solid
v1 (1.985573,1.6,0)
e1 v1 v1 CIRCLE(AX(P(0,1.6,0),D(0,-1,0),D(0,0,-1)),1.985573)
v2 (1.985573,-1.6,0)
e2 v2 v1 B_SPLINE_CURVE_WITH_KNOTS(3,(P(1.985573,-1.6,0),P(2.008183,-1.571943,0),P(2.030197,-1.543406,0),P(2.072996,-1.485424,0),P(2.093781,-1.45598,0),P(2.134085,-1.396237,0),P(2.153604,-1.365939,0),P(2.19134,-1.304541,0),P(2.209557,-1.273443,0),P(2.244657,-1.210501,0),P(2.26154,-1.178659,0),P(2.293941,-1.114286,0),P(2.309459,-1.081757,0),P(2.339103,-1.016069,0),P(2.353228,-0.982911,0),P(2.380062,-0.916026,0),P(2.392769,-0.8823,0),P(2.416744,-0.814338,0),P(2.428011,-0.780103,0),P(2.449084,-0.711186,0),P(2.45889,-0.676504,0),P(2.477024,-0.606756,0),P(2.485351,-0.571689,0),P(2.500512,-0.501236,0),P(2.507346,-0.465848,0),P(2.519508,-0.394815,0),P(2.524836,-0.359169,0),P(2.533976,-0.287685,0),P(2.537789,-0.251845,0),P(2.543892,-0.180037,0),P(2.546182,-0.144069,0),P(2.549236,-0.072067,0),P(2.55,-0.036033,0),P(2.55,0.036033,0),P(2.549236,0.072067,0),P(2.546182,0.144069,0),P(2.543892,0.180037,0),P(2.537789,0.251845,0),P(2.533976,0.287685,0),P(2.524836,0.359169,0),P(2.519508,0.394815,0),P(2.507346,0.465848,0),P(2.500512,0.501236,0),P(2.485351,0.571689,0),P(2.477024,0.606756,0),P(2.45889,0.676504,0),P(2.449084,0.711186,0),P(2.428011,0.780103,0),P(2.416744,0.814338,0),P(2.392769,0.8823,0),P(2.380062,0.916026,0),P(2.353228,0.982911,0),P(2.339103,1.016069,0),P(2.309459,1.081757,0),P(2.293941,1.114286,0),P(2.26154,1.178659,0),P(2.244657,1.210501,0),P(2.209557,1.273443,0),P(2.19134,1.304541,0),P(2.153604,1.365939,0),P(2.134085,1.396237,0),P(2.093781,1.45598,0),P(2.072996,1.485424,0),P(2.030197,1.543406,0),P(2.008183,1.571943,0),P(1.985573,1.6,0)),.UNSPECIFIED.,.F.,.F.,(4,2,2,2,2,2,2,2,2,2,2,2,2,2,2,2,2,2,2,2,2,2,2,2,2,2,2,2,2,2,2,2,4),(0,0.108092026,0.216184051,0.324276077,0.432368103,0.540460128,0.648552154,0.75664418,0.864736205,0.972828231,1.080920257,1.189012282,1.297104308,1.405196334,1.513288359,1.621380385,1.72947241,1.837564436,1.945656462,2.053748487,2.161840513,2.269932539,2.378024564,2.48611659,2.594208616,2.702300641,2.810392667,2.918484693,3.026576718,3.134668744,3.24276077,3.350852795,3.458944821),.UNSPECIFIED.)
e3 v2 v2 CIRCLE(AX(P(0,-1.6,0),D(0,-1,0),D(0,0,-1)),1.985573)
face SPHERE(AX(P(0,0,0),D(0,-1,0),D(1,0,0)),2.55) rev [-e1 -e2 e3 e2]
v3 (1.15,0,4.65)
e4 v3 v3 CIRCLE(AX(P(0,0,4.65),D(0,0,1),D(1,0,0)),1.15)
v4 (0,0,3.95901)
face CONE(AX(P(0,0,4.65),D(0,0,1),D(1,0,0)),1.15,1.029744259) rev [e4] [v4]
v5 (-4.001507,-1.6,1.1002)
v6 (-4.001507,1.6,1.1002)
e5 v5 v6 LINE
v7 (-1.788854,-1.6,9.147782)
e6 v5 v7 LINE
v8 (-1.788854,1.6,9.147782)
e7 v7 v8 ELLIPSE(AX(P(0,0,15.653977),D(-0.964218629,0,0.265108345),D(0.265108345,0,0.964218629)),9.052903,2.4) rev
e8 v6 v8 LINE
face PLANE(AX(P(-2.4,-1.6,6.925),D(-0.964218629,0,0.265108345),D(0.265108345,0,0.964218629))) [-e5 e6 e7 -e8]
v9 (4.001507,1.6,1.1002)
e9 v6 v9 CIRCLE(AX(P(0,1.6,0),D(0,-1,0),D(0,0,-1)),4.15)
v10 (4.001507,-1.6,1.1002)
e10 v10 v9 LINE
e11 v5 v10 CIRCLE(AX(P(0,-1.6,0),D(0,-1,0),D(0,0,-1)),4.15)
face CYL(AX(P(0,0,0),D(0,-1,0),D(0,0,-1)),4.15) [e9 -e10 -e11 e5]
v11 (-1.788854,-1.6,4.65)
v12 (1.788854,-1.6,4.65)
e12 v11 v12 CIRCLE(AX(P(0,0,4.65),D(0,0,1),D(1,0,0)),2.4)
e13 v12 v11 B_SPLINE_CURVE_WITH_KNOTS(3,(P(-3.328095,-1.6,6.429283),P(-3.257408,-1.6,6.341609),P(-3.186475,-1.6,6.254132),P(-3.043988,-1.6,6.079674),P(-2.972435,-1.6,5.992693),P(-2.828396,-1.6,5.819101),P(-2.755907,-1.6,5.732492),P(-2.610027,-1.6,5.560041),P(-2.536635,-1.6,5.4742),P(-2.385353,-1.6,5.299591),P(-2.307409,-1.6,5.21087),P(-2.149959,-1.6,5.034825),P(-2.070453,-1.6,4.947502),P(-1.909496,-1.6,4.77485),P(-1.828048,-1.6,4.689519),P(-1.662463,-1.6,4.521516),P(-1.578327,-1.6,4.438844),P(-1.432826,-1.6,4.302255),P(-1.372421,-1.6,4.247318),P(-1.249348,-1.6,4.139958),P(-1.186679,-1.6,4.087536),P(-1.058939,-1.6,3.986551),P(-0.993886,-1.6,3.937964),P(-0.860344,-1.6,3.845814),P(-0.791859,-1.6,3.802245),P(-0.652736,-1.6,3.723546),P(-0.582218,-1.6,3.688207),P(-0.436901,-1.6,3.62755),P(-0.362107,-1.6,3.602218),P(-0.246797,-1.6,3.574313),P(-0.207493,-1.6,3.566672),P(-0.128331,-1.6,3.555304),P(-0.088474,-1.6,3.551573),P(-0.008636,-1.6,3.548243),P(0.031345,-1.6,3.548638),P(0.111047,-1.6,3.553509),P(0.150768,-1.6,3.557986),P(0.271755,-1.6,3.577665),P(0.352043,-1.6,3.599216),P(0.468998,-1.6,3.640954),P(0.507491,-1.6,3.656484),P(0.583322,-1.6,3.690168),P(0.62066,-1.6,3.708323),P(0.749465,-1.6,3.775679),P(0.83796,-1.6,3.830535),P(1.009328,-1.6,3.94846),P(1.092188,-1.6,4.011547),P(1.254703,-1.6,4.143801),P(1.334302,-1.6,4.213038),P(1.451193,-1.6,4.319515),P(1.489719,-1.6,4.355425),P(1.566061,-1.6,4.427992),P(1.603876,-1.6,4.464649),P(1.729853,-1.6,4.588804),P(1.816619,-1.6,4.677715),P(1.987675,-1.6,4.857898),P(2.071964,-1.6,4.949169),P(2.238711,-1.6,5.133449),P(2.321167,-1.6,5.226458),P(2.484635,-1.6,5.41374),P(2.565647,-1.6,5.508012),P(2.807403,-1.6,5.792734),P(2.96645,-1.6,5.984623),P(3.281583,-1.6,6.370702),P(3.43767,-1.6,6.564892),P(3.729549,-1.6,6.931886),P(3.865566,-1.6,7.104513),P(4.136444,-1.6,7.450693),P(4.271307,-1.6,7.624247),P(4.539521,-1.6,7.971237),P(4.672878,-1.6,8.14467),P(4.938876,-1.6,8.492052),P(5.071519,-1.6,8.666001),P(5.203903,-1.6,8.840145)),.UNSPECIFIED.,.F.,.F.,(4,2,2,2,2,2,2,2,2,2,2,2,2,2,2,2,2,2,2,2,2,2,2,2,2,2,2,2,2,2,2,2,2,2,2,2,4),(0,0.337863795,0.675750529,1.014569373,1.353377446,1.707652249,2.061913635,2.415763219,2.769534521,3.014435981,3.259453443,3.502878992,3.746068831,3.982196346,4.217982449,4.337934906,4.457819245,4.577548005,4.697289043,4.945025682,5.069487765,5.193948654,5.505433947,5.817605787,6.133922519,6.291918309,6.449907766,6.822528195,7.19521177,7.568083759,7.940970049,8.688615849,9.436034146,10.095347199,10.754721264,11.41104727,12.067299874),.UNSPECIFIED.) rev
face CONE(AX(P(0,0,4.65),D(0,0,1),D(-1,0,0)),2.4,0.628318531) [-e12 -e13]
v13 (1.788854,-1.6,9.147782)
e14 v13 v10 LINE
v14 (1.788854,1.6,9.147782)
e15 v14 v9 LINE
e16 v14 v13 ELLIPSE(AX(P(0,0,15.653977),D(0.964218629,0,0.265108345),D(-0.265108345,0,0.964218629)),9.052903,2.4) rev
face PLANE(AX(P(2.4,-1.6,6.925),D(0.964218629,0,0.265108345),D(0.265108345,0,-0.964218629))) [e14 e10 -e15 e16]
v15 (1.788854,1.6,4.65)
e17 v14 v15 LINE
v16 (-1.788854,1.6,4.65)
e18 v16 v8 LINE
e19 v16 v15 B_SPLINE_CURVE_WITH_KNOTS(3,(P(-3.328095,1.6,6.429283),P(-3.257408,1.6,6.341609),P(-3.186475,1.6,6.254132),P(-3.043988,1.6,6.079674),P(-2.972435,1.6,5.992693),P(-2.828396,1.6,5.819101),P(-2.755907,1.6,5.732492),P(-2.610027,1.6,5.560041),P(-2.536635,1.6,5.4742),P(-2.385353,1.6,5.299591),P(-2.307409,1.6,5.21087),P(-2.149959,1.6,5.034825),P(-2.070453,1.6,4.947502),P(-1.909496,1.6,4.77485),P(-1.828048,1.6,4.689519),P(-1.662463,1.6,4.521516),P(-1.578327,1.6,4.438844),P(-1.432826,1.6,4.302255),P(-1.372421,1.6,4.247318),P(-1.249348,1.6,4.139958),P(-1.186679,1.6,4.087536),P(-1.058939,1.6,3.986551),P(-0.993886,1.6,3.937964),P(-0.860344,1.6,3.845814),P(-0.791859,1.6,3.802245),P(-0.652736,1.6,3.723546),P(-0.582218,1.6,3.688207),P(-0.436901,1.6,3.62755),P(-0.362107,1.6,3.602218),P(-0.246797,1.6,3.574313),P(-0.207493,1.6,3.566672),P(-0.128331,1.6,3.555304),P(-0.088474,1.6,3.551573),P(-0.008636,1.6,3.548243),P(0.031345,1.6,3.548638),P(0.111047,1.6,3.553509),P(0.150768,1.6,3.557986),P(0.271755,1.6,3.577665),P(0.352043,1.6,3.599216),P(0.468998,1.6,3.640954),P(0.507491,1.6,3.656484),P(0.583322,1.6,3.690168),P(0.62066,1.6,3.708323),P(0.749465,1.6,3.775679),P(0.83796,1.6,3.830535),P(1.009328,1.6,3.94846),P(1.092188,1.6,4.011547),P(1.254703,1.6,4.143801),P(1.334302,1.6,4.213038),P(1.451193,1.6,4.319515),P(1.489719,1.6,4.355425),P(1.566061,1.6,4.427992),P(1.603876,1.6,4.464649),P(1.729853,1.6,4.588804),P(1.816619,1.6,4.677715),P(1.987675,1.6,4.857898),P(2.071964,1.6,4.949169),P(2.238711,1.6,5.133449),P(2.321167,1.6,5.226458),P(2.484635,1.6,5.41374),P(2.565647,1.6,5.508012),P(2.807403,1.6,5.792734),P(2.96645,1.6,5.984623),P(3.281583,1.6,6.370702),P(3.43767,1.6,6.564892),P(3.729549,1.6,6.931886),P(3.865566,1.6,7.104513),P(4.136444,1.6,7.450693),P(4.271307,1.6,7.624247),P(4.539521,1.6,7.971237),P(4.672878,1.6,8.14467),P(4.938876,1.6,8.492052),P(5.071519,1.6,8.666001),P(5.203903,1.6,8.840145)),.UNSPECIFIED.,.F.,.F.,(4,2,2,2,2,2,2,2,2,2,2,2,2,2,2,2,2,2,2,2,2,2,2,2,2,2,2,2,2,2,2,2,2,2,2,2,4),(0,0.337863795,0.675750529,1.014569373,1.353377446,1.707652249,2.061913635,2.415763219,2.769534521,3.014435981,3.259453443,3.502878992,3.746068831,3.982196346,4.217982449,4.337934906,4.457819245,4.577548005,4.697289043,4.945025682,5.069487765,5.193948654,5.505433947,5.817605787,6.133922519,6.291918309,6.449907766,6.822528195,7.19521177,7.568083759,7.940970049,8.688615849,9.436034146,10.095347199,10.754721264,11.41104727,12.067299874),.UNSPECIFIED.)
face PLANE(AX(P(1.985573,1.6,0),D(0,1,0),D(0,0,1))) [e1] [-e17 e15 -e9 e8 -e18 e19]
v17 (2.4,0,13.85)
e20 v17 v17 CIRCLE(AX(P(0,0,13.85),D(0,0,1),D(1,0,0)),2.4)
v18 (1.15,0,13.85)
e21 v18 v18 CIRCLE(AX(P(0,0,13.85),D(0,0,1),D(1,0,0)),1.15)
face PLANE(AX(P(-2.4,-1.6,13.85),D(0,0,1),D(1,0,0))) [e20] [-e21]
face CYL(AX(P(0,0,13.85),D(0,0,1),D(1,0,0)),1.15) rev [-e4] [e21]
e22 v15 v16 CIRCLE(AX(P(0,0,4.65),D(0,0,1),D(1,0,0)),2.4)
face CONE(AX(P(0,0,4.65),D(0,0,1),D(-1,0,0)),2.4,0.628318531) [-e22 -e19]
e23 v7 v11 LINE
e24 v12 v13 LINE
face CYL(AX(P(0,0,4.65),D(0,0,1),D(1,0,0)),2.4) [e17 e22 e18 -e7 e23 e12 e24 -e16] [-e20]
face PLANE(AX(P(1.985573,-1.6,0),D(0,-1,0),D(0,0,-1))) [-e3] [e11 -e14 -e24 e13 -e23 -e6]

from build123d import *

# Parameters (mm, degrees)
BOSS_EXTRUDE1_START                = -3.2
BOSS_EXTRUDE1_DEPTH                = 3.2
SKETCH3_R                          = 2.4
BOSS_EXTRUDE2_DEPTH                = 9.2
SKETCH4_R                          = 2.4
BOSS_EXTRUDE3_DEPTH                = 1.2
BOSS_EXTRUDE3_TAPER                = 36
CUT_EXTRUDE1_DEPTH                 = 6.925
BOSS_EXTRUDE4_DEPTH                = 3.2
TAP_DRILL_FOR_M2_2_HELICOIL1_D     = 2.3
TAP_DRILL_FOR_M2_2_HELICOIL1_DEPTH = 9.2
TAP_DRILL_FOR_M2_2_HELICOIL1_TIP   = 0.690989712


with BuildPart() as part:
    # Sketch1 → Revolve1 (revolve)
    with BuildSketch(Plane.XY):
        with BuildLine():
            Line((1.985572965, 1.6), (4.15, 1.6))
            Line((4.15, 1.6), (4.15, -1.6))
            Line((4.15, -1.6), (1.985572965, -1.6))
            ThreePointArc((1.985572965, -1.6), (2.55, 0), (1.985572965, 1.6))
        make_face()
    revolve(axis=Axis((0, 0, 0), (0, 1, 0)))

    # Sketch2 → Boss-Extrude1 (add)
    with BuildSketch(Plane(origin=(0, 1.6, 0), x_dir=(1, 0, 0), z_dir=(0, 1, 0)).offset(BOSS_EXTRUDE1_START)):
        with BuildLine():
            Line((-2.4, -6.925), (-4.001507312, -1.100199632))
            ThreePointArc((-4.001507312, -1.100199632), (0, -4.15), (4.001507312, -1.100199632))
            Line((4.001507312, -1.100199632), (2.4, -6.925))
            Line((2.4, -6.925), (2.4, -13.85))
            Line((2.4, -13.85), (-2.4, -13.85))
            Line((-2.4, -13.85), (-2.4, -6.925))
        make_face()
    extrude(amount=BOSS_EXTRUDE1_DEPTH)

    # Sketch3 → Boss-Extrude2 (add)
    with BuildSketch(Plane.XY.offset(13.85)):
        Circle(SKETCH3_R)
    extrude(amount=-BOSS_EXTRUDE2_DEPTH)

    # Sketch4 → Boss-Extrude3 (add)
    with BuildSketch(Plane(origin=(0, 0, 4.65), x_dir=(-1, 0, 0), z_dir=(0, 0, -1))):
        Circle(SKETCH4_R)
    extrude(amount=BOSS_EXTRUDE3_DEPTH, taper=BOSS_EXTRUDE3_TAPER)

    # Sketch5 → Cut-Extrude1 (cut)
    with BuildSketch(Plane.XY.offset(13.85)):
        with BuildLine():
            Line((2.4, 1.6), (1.788854382, 1.6))
            ThreePointArc((1.788854382, 1.6), (2.242013662, 0.856373015), (2.4, 0))
            Line((2.4, 0), (2.4, 1.6))
        make_face()
        with BuildLine():
            Line((2.4, -1.6), (2.4, 0))
            ThreePointArc((2.4, 0), (2.242013662, -0.856373015), (1.788854382, -1.6))
            Line((1.788854382, -1.6), (2.4, -1.6))
        make_face()
        with BuildLine():
            Line((-2.4, 1.6), (-2.4, 0))
            ThreePointArc((-2.4, 0), (-2.242013662, 0.856373015), (-1.788854382, 1.6))
            Line((-1.788854382, 1.6), (-2.4, 1.6))
        make_face()
        with BuildLine():
            Line((-2.4, 0), (-2.4, -1.6))
            Line((-2.4, -1.6), (-1.788854382, -1.6))
            ThreePointArc((-1.788854382, -1.6), (-2.242013662, -0.856373015), (-2.4, 0))
        make_face()
    extrude(amount=-CUT_EXTRUDE1_DEPTH, mode=Mode.SUBTRACT)

    # Sketch6 → Boss-Extrude4 (add)
    with BuildSketch(Plane(origin=(0, 1.6, 0), x_dir=(1, 0, 0), z_dir=(0, 1, 0))):
        Polygon((-2.4, -6.925), (-1, -12.016903392), (1, -12.016903392), (2.4, -6.925), align=None)
    extrude(amount=-BOSS_EXTRUDE4_DEPTH)

    # Tap Drill for M2.2 Helicoil1
    with Locations(Plane.XY.offset(13.85)):
        with Locations((0, 0)):
            Hole(TAP_DRILL_FOR_M2_2_HELICOIL1_D / 2, depth=TAP_DRILL_FOR_M2_2_HELICOIL1_DEPTH)
            with Locations((0, 0, -(TAP_DRILL_FOR_M2_2_HELICOIL1_DEPTH + TAP_DRILL_FOR_M2_2_HELICOIL1_TIP / 2))):  # 118° drill point
                Cone(0, TAP_DRILL_FOR_M2_2_HELICOIL1_D / 2, TAP_DRILL_FOR_M2_2_HELICOIL1_TIP, mode=Mode.SUBTRACT)


solid = part.part
